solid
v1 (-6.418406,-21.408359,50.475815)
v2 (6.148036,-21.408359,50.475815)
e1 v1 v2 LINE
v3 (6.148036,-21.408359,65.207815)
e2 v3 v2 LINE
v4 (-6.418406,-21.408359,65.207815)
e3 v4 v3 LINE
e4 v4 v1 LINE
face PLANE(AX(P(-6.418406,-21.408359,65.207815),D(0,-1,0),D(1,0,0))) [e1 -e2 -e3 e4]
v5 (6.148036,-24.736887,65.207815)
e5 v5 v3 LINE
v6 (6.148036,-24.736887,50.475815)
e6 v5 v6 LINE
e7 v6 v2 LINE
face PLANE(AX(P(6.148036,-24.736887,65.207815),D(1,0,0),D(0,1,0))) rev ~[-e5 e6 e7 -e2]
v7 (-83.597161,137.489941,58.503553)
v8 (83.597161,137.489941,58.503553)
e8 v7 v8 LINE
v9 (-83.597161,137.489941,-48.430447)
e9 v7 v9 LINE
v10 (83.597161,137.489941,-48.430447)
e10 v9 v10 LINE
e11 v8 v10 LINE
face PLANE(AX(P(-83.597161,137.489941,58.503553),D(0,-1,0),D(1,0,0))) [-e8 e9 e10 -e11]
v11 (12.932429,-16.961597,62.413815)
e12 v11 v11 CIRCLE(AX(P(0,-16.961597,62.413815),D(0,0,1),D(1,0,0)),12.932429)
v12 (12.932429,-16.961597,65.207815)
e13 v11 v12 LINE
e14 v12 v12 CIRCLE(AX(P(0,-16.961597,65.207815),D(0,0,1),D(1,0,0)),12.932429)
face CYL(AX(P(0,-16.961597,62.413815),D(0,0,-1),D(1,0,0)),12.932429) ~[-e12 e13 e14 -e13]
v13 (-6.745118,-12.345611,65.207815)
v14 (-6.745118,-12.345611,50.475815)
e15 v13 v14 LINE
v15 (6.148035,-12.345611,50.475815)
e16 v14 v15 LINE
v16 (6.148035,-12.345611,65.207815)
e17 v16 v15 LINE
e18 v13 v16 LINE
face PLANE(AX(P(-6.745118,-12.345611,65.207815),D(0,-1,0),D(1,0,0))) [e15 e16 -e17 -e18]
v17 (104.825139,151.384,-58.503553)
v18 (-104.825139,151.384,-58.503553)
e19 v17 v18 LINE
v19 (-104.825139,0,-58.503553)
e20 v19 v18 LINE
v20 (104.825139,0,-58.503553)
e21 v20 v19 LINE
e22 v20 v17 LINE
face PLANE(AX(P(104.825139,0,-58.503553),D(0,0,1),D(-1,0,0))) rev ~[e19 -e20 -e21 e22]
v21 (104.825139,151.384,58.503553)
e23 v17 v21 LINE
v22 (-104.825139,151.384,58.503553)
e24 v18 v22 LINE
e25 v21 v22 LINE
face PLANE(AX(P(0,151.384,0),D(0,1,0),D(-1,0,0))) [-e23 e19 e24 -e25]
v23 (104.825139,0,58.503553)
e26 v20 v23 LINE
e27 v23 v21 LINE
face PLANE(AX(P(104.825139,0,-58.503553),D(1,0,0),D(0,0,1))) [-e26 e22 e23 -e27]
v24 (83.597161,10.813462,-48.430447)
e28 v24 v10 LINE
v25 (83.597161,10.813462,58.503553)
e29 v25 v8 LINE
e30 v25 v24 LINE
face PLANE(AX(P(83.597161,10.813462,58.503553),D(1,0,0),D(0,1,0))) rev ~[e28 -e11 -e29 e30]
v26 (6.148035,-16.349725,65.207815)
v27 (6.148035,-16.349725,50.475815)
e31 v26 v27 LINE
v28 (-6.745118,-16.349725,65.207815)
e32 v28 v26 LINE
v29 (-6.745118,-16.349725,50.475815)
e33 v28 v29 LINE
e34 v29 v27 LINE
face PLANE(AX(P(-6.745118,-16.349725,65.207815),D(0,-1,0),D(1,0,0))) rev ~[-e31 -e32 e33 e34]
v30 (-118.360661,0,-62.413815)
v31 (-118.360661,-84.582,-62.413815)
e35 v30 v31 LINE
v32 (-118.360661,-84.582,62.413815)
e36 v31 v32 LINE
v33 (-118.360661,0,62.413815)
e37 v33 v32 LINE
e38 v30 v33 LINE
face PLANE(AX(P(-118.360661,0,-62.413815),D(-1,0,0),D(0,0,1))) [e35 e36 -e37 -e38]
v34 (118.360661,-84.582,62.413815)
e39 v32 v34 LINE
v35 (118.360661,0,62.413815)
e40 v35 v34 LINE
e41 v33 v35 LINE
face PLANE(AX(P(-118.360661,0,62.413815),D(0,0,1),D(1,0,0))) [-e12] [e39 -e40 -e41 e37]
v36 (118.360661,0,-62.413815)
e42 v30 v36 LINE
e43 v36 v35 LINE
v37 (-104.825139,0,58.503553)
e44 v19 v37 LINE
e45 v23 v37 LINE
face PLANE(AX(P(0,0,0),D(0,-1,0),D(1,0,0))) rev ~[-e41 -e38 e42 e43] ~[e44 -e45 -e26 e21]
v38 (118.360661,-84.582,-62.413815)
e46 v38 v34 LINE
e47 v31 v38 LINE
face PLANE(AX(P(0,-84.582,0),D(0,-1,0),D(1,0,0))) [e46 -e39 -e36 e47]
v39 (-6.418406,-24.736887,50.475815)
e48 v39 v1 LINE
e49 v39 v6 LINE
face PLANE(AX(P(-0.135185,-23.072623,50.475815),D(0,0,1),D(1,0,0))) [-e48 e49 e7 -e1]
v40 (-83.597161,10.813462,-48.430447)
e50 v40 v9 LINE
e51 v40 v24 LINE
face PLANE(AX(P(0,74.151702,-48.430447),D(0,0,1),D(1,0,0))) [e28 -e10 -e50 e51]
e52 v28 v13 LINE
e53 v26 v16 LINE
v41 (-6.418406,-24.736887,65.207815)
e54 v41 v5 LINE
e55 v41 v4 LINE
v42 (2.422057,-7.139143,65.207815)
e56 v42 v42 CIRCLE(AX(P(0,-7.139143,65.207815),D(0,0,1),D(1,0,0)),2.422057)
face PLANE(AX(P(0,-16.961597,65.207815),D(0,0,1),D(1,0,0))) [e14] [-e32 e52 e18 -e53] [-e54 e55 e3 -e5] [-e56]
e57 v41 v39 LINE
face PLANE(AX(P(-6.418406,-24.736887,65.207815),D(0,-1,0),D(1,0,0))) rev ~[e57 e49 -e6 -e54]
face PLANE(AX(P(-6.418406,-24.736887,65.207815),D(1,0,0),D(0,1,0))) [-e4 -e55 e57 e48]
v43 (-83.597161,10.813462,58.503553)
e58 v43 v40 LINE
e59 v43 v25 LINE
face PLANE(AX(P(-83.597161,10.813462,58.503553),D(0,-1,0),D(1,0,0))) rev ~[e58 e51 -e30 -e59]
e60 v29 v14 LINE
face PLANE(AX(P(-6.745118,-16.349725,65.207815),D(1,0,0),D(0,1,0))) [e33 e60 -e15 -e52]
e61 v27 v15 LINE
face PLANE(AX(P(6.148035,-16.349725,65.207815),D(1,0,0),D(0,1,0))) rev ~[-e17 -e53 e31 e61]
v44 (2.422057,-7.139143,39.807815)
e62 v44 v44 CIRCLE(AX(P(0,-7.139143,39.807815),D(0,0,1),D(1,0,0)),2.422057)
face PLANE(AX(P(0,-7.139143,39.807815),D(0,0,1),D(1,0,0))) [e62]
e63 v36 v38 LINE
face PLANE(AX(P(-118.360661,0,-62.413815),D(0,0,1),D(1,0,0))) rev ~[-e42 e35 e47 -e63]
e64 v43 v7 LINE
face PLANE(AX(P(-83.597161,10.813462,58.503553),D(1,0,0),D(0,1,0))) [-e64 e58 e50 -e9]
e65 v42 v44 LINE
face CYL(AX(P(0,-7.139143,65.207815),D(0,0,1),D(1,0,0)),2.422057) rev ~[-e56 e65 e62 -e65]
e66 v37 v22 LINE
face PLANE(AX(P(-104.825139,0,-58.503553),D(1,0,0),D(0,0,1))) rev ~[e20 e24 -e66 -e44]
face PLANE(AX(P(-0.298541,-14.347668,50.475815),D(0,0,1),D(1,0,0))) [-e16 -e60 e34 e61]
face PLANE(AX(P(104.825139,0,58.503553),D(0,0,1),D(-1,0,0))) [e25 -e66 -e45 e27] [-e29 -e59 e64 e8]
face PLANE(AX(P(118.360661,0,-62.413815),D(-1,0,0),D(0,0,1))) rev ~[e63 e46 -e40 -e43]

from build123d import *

# Parameters (mm, degrees)
F0_W      = 236.721322
F0_H      = 124.82763
F1_DEPTH  = 84.582
F2_W      = 209.650278
F2_H      = 117.007106
F3_DEPTH  = 151.384
F4_W      = 167.194322
F4_H      = 126.676479
F5_DEPTH  = 106.934
F6_R      = 12.932429
F7_DEPTH  = 2.794
F8_W      = 12.893153
F8_H      = 4.004114
F8_W_2    = 12.566442
F8_H_2    = 3.328527
F9_DEPTH  = 14.732
F10_R     = 2.422057
F11_DEPTH = 25.4


with BuildPart() as f1:
    # F0 (on Front) → F1 (new body)
    with BuildSketch(Plane.XZ):
        Rectangle(F0_W, F0_H)
    extrude(amount=F1_DEPTH)

    # F2 (on face) → F3 (join)
    with BuildSketch(Plane(origin=(0, 0, 0), x_dir=(-1, 0, 0), z_dir=(0, 1, 0))):
        Rectangle(F2_W, F2_H)
    extrude(amount=F3_DEPTH)

    # F4 (on face) → F5 (cut)
    with BuildSketch(Plane.XY.offset(58.503553)):
        with Locations((0, 74.151702)):
            Rectangle(F4_W, F4_H)
    extrude(amount=-F5_DEPTH, mode=Mode.SUBTRACT)

    # F6 (on face) → F7 (join)
    with BuildSketch(Plane.XY.offset(62.413815)):
        with Locations((0, -16.961597)):
            Circle(F6_R)
    extrude(amount=F7_DEPTH)

    # F8 (on face) → F9 (cut)
    with BuildSketch(Plane.XY.offset(65.207815)):
        with Locations((-0.298541, -14.347668)):
            Rectangle(F8_W, F8_H)
        with Locations((-0.135185, -23.072623)):
            Rectangle(F8_W_2, F8_H_2)
    extrude(amount=-F9_DEPTH, mode=Mode.SUBTRACT)

    # F10 (on face) → F11 (cut)
    with BuildSketch(Plane.XY.offset(65.207815)):
        with Locations((0, -7.139143)):
            Circle(F10_R)
    extrude(amount=-F11_DEPTH, mode=Mode.SUBTRACT)


solid = f1.part
